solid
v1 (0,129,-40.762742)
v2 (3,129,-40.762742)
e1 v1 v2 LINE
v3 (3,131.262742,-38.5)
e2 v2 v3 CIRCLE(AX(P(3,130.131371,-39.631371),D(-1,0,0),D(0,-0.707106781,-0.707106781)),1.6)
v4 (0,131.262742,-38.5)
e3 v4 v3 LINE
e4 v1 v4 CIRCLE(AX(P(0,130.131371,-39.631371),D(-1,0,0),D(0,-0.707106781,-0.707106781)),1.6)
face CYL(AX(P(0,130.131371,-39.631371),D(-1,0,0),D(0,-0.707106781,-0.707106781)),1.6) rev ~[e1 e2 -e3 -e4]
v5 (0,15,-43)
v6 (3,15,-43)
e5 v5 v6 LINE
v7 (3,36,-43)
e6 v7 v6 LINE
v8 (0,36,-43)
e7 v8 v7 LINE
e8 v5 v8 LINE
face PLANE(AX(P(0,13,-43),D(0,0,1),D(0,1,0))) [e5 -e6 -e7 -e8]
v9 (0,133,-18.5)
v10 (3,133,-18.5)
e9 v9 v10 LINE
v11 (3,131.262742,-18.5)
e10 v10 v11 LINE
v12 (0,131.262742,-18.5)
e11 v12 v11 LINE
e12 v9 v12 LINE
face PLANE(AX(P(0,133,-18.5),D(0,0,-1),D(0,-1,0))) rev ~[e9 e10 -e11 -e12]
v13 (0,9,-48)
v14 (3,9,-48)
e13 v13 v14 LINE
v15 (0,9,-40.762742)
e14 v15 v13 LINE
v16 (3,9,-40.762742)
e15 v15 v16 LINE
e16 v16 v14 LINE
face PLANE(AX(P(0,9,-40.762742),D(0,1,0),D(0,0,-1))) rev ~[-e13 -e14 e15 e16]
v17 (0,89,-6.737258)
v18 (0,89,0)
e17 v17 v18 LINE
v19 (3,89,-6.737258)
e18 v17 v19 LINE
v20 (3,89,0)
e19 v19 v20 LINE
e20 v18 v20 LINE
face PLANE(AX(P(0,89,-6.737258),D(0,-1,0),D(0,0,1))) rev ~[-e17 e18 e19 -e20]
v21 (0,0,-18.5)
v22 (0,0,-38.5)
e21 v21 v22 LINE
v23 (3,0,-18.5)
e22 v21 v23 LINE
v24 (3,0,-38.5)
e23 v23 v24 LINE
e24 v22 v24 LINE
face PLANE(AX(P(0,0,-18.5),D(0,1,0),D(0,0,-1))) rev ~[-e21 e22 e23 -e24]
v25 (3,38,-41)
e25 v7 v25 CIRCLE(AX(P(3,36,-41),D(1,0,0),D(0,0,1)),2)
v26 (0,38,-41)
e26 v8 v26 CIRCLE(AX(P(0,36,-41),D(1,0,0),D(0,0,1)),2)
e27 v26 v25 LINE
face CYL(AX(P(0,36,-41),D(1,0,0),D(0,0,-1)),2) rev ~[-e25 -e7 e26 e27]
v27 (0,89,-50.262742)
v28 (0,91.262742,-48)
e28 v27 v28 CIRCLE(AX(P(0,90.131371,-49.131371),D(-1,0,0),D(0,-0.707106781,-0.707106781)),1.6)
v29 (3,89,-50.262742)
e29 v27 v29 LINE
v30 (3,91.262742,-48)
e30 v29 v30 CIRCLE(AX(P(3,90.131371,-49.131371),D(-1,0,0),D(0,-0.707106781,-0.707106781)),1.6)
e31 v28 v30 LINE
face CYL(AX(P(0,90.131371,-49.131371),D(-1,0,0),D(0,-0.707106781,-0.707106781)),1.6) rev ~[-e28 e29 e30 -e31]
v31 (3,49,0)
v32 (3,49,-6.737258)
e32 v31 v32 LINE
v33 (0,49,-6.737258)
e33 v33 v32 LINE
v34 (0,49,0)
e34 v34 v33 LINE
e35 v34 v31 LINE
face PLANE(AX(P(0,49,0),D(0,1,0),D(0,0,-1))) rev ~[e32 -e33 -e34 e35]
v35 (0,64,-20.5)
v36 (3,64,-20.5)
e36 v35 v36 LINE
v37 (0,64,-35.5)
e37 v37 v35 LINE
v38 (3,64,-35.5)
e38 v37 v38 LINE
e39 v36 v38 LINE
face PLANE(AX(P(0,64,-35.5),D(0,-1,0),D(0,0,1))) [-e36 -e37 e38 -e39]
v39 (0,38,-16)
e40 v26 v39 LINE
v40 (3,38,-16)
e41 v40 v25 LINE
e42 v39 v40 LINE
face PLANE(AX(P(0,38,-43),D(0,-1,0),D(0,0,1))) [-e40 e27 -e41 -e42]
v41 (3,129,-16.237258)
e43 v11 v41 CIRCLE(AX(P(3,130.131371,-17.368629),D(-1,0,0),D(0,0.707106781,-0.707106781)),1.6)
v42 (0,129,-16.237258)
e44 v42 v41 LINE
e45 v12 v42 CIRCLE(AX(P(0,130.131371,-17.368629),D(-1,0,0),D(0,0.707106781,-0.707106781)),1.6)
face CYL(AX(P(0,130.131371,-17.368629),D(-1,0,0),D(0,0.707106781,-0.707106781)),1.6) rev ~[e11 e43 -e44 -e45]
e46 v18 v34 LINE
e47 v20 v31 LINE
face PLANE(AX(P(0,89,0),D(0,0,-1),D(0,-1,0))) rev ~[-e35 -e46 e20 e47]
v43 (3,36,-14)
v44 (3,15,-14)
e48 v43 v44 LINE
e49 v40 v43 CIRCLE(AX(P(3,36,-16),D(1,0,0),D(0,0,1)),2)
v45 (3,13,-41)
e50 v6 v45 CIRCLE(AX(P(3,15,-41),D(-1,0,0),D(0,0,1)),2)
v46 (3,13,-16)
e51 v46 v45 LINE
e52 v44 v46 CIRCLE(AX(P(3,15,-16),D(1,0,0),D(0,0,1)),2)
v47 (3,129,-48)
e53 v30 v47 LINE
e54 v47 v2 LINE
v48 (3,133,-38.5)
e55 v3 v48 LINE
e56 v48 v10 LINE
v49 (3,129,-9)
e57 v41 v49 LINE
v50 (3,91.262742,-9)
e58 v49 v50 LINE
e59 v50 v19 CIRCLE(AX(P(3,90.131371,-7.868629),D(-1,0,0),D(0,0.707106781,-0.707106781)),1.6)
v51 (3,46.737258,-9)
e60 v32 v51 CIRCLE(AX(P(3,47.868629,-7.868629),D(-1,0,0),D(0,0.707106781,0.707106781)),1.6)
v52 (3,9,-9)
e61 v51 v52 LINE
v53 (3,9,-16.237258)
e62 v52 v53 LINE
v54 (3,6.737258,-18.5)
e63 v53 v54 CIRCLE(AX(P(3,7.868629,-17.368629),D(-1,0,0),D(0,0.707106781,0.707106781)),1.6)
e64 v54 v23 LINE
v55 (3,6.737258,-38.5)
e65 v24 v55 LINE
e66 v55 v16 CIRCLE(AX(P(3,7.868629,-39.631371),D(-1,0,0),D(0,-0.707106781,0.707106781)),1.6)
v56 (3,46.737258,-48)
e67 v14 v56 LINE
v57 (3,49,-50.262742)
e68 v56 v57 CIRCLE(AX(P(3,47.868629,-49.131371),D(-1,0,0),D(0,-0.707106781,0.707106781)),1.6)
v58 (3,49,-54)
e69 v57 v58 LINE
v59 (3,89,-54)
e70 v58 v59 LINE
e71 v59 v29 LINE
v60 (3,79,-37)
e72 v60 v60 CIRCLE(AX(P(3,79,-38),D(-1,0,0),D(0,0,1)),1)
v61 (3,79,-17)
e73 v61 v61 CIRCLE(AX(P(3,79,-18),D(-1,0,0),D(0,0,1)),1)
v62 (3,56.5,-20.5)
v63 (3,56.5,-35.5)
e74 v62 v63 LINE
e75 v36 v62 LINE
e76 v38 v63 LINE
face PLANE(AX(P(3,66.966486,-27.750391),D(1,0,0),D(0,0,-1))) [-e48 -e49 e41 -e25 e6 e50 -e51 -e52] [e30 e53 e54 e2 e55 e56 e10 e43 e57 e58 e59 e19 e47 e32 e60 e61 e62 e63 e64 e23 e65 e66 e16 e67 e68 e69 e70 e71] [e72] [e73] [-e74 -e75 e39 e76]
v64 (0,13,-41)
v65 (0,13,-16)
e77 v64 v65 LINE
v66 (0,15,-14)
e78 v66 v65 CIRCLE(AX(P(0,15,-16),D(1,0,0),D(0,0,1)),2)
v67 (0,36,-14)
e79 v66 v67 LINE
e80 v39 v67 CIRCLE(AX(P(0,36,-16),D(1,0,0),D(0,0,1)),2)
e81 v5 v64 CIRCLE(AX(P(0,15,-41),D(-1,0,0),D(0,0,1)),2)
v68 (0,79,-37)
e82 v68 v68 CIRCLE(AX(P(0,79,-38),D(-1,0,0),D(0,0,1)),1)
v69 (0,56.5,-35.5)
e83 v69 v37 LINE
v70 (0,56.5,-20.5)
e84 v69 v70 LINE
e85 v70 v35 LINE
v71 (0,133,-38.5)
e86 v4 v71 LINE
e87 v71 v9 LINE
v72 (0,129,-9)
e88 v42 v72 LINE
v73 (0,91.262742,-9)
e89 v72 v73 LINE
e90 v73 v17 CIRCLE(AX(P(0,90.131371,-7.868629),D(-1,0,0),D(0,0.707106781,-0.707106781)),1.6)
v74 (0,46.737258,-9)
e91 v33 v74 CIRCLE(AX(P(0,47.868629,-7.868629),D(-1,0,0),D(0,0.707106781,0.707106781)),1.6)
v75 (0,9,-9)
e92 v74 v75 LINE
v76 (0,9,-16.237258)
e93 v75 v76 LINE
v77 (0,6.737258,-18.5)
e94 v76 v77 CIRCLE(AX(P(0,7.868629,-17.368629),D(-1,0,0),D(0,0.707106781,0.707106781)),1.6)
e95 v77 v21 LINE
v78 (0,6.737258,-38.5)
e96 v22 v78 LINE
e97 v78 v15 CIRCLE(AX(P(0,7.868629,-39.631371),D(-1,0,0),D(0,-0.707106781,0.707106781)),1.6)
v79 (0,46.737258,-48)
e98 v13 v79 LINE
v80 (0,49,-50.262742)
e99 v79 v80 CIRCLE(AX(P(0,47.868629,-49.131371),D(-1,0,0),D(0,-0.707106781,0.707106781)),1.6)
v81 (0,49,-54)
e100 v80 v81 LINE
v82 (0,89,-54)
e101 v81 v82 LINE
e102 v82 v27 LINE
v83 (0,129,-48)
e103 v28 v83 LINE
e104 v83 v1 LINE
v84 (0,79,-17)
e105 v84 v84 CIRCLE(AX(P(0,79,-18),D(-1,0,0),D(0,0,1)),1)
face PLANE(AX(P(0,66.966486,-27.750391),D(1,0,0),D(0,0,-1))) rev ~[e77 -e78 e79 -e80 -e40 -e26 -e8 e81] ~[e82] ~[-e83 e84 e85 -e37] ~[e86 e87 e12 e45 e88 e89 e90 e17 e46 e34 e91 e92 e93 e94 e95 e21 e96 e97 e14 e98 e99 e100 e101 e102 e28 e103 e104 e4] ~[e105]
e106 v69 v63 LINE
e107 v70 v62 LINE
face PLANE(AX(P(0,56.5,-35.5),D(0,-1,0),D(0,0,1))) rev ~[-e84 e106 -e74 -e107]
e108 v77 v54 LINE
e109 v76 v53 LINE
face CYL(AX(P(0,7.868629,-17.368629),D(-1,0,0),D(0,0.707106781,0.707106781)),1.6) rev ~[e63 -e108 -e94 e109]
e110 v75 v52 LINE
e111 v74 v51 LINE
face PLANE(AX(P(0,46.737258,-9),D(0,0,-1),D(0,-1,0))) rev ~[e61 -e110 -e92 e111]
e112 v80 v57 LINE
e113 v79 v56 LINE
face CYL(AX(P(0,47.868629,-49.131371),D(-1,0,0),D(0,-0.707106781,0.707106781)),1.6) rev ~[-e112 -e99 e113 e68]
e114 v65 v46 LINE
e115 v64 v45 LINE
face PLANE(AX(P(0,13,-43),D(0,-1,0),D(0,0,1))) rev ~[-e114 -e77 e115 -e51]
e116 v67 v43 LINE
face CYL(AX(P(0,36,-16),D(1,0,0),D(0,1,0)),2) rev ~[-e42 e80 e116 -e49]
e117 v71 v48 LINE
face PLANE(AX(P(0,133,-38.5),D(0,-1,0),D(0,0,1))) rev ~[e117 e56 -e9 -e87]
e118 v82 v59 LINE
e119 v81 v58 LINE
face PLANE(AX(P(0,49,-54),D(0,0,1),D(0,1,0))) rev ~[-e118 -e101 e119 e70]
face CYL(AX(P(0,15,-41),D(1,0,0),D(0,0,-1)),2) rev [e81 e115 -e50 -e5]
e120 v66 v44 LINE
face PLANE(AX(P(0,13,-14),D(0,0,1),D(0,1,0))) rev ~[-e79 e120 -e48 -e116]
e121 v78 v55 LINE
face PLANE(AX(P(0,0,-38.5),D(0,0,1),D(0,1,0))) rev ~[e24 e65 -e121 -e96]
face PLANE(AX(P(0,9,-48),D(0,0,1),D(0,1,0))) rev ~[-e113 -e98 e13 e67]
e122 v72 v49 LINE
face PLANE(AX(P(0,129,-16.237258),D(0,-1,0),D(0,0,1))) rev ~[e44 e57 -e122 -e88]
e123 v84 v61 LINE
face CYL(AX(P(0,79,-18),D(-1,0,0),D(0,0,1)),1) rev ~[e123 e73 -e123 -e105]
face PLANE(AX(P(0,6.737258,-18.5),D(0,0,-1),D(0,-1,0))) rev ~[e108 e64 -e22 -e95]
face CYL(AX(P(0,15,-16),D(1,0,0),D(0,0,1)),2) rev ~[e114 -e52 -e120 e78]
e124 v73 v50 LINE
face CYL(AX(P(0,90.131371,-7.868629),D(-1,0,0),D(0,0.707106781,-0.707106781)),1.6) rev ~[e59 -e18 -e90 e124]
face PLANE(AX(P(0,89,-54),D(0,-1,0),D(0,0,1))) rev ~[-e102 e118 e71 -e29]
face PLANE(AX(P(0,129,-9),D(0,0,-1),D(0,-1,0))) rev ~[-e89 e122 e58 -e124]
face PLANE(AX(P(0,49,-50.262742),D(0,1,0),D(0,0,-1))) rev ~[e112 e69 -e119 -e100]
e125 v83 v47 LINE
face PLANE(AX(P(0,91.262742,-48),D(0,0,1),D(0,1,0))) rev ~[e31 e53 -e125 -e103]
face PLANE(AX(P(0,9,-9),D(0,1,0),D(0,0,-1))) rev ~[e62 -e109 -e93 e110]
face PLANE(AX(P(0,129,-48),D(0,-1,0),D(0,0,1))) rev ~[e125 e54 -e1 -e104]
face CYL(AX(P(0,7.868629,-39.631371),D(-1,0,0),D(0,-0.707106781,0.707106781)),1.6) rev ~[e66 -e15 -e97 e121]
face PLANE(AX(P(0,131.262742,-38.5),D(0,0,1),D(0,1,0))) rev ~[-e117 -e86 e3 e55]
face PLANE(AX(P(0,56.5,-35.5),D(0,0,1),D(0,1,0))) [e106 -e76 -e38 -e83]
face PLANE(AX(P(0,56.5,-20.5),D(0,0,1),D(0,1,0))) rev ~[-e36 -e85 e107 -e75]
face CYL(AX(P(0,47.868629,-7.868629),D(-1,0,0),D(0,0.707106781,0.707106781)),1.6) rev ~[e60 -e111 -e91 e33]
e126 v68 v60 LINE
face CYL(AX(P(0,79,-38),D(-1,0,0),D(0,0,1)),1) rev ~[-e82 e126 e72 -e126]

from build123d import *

# Parameters (mm, degrees)
EXTRUSION1_DEPTH        = 3
ESQUISSE2_R             = 1
ESQUISSE2_W             = 29
ESQUISSE2_H             = 25
ENL_V_MAT_EXTRU_1_DEPTH = 4
CONG_1_R                = 2
ESQUISSE3_W             = 15
ESQUISSE3_H             = 7.5
ENL_V_MAT_EXTRU_2_DEPTH = 4


with BuildPart() as part:
    # Esquisse1 → Extrusion1 (new body)
    with BuildSketch(Plane(origin=(0, 0, 0), x_dir=(0, 0, -1), z_dir=(1, 0, 0))):
        with BuildLine():
            Line((18.5, 6.7372583), (18.5, 0))
            Line((18.5, 0), (38.5, 0))
            Line((38.5, 0), (38.5, 6.7372583))
            ThreePointArc((38.5, 6.7372583), (38.5, 9), (40.7627417, 9))
            Line((40.7627417, 9), (48, 9))
            Line((48, 9), (48, 46.7372583))
            ThreePointArc((48, 46.7372583), (48, 49), (50.2627417, 49))
            Line((50.2627417, 49), (54, 49))
            Line((54, 49), (54, 89))
            Line((54, 89), (50.2627417, 89))
            ThreePointArc((50.2627417, 89), (48, 89), (48, 91.2627417))
            Line((48, 91.2627417), (48, 129))
            Line((48, 129), (40.7627417, 129))
            ThreePointArc((40.7627417, 129), (38.5, 129), (38.5, 131.2627417))
            Line((38.5, 131.2627417), (38.5, 133))
            Line((38.5, 133), (18.5, 133))
            Line((18.5, 133), (18.5, 131.2627417))
            ThreePointArc((18.5, 131.2627417), (18.5, 129), (16.2372583, 129))
            Line((16.2372583, 129), (9, 129))
            Line((9, 129), (9, 91.2627417))
            ThreePointArc((9, 91.2627417), (9, 89), (6.7372583, 89))
            Line((6.7372583, 89), (0, 89))
            Line((0, 89), (0, 49))
            Line((0, 49), (6.7372583, 49))
            ThreePointArc((6.7372583, 49), (9, 49), (9, 46.7372583))
            Line((9, 46.7372583), (9, 9))
            Line((9, 9), (16.2372583, 9))
            ThreePointArc((16.2372583, 9), (18.5, 9), (18.5, 6.7372583))
        make_face()
    extrude(amount=EXTRUSION1_DEPTH)

    # Esquisse2 → Enlèv. mat.-Extru.1 (cut, through all)
    with BuildSketch(Plane.ZY):
        with Locations((-38, 79)):
            Circle(ESQUISSE2_R)
        with Locations((-18, 79)):
            Circle(ESQUISSE2_R)
        with Locations((-28.5, 25.5)):
            Rectangle(ESQUISSE2_W, ESQUISSE2_H)
    extrude(amount=-ENL_V_MAT_EXTRU_1_DEPTH, mode=Mode.SUBTRACT)

    # Congé1
    cong_1_edges = [part.edges().sort_by_distance(p)[0] for p in [
        (1.5, 38, -14),
        (1.5, 13, -14),
        (1.5, 13, -43),
        (1.5, 38, -43),
    ]]
    fillet(cong_1_edges, radius=CONG_1_R)

    # Esquisse3 → Enlèv. mat.-Extru.2 (cut, through all)
    with BuildSketch(Plane.ZY):
        with Locations((-28, 60.25)):
            Rectangle(ESQUISSE3_W, ESQUISSE3_H)
    extrude(amount=-ENL_V_MAT_EXTRU_2_DEPTH, mode=Mode.SUBTRACT)


solid = part.part
